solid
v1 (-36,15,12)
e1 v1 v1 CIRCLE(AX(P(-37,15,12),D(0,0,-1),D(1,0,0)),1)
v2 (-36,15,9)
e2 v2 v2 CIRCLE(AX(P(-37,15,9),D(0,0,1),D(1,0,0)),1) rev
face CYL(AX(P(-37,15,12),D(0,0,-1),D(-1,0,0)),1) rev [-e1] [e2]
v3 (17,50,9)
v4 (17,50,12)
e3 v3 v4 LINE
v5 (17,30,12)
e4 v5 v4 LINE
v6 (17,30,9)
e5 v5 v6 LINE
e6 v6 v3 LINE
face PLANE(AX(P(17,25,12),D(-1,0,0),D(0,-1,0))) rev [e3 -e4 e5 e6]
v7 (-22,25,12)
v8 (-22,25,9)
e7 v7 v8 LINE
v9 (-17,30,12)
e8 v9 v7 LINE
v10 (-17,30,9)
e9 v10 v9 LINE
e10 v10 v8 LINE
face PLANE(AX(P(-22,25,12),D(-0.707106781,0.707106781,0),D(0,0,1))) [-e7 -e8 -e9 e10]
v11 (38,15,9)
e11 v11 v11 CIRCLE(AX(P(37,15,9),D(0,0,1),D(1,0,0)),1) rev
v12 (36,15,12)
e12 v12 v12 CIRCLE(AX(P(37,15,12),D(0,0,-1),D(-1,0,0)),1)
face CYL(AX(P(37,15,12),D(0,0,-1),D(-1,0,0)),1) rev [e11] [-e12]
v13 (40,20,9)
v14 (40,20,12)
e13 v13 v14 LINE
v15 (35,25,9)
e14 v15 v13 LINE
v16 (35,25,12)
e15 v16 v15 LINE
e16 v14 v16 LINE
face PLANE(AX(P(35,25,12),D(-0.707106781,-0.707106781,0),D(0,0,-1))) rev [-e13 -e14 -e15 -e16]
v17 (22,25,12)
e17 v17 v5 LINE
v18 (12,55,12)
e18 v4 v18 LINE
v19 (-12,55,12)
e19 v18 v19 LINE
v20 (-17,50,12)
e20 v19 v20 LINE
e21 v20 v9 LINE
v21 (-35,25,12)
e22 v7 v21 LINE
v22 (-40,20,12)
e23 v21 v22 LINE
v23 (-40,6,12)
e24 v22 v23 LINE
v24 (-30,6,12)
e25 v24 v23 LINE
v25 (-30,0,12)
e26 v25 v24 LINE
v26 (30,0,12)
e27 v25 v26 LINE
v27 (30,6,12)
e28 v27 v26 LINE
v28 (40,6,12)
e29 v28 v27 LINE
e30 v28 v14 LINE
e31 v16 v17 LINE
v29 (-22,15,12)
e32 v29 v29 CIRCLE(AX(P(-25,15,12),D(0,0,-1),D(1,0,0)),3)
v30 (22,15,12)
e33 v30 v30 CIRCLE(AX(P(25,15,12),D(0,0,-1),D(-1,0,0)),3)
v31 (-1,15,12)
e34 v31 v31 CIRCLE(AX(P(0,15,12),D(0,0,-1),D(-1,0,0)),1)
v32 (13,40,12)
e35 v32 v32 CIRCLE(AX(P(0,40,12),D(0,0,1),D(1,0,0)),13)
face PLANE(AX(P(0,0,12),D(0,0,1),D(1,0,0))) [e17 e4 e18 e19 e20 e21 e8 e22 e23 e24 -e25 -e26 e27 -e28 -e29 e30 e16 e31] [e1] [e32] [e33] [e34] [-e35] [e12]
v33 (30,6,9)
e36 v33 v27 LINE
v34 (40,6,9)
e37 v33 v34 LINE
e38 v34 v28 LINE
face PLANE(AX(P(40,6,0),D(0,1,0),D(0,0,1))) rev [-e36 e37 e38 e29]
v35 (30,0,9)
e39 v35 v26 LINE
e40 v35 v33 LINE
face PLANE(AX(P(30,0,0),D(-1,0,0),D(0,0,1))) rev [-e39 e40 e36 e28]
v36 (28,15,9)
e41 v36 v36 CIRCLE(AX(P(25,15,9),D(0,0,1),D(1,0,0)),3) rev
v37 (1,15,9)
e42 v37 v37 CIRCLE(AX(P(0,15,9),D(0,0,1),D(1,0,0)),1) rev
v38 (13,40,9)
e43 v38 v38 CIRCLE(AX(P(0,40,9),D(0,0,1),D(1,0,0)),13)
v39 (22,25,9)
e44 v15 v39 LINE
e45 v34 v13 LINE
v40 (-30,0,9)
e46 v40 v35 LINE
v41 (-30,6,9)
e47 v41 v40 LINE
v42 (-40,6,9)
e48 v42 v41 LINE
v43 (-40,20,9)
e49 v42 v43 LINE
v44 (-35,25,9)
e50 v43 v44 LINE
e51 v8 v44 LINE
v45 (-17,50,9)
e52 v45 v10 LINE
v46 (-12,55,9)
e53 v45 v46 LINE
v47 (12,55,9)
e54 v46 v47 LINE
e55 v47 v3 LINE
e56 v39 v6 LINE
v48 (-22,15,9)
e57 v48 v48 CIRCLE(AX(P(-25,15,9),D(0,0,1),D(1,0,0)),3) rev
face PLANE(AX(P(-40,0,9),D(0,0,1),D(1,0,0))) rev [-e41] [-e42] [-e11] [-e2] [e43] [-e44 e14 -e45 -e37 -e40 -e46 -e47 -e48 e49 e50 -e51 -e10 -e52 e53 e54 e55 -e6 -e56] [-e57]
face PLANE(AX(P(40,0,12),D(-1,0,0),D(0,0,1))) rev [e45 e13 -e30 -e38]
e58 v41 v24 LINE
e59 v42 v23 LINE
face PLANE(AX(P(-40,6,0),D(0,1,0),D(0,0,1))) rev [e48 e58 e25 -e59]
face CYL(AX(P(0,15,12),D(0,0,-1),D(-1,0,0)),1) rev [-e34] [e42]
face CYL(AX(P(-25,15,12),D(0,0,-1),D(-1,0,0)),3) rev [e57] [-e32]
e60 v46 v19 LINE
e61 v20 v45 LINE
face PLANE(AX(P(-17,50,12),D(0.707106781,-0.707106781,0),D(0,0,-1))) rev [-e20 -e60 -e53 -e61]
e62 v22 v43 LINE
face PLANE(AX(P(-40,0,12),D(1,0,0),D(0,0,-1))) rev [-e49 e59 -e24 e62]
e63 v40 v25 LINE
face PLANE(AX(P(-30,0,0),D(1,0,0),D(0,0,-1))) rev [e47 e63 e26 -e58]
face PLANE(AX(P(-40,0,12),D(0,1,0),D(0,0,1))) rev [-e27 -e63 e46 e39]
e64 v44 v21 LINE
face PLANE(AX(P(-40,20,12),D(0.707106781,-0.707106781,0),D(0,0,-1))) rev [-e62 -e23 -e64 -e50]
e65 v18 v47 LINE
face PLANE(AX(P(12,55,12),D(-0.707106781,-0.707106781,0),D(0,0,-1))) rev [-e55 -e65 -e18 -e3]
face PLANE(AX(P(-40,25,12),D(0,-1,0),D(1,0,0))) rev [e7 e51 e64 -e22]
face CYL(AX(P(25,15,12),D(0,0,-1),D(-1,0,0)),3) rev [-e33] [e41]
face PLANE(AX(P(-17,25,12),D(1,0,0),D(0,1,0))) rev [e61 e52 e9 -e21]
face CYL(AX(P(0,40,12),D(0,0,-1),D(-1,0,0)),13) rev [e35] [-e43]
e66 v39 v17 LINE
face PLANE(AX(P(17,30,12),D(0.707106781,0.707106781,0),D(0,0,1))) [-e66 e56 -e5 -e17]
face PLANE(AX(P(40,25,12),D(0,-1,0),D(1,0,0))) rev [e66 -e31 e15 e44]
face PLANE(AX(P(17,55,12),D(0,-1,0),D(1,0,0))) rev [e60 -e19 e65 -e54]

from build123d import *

# Parameters (mm, degrees)
ESQUISSE1_R             = 13
BOSS_EXTRU_1_DEPTH      = 12
BOSS_EXTRU_2_START      = -12
ESQUISSE2_R             = 13
ESQUISSE2_R_2           = 5.5
BOSS_EXTRU_2_DEPTH      = 3
ESQUISSE4_R             = 8
ENL_V_MAT_EXTRU_2_DEPTH = 6
ESQUISSE5_R             = 3
ENL_V_MAT_EXTRU_3_DEPTH = 69.271516755
ENL_V_START             = -12
ESQUISSE6_W             = 10
ESQUISSE6_H             = 6
ENL_V_MAT_EXTRU_4_DEPTH = 12
CHANFREIN1_SIZE         = 5
ESQUISSE7_R             = 1
ENL_V_MAT_EXTRU_5_DEPTH = 12
ESQUISSE8_W             = 80
ESQUISSE8_H             = 9
ENL_V_MAT_EXTRU_6_DEPTH = 70.057946682


with BuildPart() as part:
    # Esquisse1 → Boss.-Extru.1 (new body)
    with BuildSketch(Plane.XY):
        Polygon((-40, 0), (40, 0), (40, 25), (17, 25), (17, 55), (-17, 55), (-17, 25), (-40, 25), align=None)
        with Locations((0, 40)):
            Circle(ESQUISSE1_R, mode=Mode.SUBTRACT)
    extrude(amount=BOSS_EXTRU_1_DEPTH)

    # Esquisse2 → Boss.-Extru.2 (add)
    with BuildSketch(Plane.XY.offset(12).offset(BOSS_EXTRU_2_START)):
        with Locations((0, 40)):
            Circle(ESQUISSE2_R)
        with Locations((0, 40)):
            Circle(ESQUISSE2_R_2, mode=Mode.SUBTRACT)
    extrude(amount=BOSS_EXTRU_2_DEPTH)

    # Esquisse4 → Enlèv. mat.-Extru.2 (cut)
    with BuildSketch(Plane(origin=(0, 0, 0), x_dir=(-1, 0, 0), z_dir=(0, 0, -1))):
        with Locations((-25, 15)):
            Circle(ESQUISSE4_R)
        with Locations(Location((25, 15, 0), (0, 0, 180))):
            Circle(ESQUISSE4_R)
    extrude(amount=-ENL_V_MAT_EXTRU_2_DEPTH, mode=Mode.SUBTRACT)

    # Esquisse5 → Enlèv. mat.-Extru.3 (cut, through all)
    with BuildSketch(Plane(origin=(0, 0, 6), x_dir=(-1, 0, 0), z_dir=(0, 0, -1))):
        with Locations((-25, 15)):
            Circle(ESQUISSE5_R)
        with Locations(Location((25, 15, 0), (0, 0, 180))):
            Circle(ESQUISSE5_R)
    extrude(amount=-ENL_V_MAT_EXTRU_3_DEPTH, mode=Mode.SUBTRACT)

    # Esquisse6 → Enlèv. mat.-Extru.4 (cut)
    with BuildSketch(Plane.XY.offset(12).offset(ENL_V_START)):
        with Locations((35, 3)):
            Rectangle(ESQUISSE6_W, ESQUISSE6_H)
        with Locations((-35, 3)):
            Rectangle(ESQUISSE6_W, ESQUISSE6_H)
    extrude(amount=ENL_V_MAT_EXTRU_4_DEPTH, mode=Mode.SUBTRACT)

    # Chanfrein1
    chanfrein1_edges = [part.edges().sort_by_distance(p)[0] for p in [
        (-17, 55, 6),
        (17, 55, 6),
        (17, 25, 6),
        (40, 25, 6),
        (-40, 25, 6),
        (-17, 25, 6),
    ]]
    chamfer(chanfrein1_edges, length=CHANFREIN1_SIZE)

    # Esquisse7 → Enlèv. mat.-Extru.5 (cut)
    with BuildSketch(Plane(origin=(0, 0, 0), x_dir=(-1, 0, 0), z_dir=(0, 0, -1))):
        with Locations((-10, 45)):
            Circle(ESQUISSE7_R)
        with Locations(Location((10, 45, 0), (0, 0, 180))):
            Circle(ESQUISSE7_R)
        with Locations((-37, 15)):
            Circle(ESQUISSE7_R)
        with Locations(Location((37, 15, 0), (0, 0, 180))):
            Circle(ESQUISSE7_R)
        with Locations((0, 15)):
            Circle(ESQUISSE7_R)
    extrude(amount=-ENL_V_MAT_EXTRU_5_DEPTH, mode=Mode.SUBTRACT)

    # Esquisse8 → Enlèv. mat.-Extru.6 (cut, through all)
    with BuildSketch(Plane(origin=(0, 55, 0), x_dir=(1, 0, 0), z_dir=(0, 1, 0))):
        with Locations((0, -4.5)):
            Rectangle(ESQUISSE8_W, ESQUISSE8_H)
    extrude(amount=-ENL_V_MAT_EXTRU_6_DEPTH, mode=Mode.SUBTRACT)


solid = part.part
